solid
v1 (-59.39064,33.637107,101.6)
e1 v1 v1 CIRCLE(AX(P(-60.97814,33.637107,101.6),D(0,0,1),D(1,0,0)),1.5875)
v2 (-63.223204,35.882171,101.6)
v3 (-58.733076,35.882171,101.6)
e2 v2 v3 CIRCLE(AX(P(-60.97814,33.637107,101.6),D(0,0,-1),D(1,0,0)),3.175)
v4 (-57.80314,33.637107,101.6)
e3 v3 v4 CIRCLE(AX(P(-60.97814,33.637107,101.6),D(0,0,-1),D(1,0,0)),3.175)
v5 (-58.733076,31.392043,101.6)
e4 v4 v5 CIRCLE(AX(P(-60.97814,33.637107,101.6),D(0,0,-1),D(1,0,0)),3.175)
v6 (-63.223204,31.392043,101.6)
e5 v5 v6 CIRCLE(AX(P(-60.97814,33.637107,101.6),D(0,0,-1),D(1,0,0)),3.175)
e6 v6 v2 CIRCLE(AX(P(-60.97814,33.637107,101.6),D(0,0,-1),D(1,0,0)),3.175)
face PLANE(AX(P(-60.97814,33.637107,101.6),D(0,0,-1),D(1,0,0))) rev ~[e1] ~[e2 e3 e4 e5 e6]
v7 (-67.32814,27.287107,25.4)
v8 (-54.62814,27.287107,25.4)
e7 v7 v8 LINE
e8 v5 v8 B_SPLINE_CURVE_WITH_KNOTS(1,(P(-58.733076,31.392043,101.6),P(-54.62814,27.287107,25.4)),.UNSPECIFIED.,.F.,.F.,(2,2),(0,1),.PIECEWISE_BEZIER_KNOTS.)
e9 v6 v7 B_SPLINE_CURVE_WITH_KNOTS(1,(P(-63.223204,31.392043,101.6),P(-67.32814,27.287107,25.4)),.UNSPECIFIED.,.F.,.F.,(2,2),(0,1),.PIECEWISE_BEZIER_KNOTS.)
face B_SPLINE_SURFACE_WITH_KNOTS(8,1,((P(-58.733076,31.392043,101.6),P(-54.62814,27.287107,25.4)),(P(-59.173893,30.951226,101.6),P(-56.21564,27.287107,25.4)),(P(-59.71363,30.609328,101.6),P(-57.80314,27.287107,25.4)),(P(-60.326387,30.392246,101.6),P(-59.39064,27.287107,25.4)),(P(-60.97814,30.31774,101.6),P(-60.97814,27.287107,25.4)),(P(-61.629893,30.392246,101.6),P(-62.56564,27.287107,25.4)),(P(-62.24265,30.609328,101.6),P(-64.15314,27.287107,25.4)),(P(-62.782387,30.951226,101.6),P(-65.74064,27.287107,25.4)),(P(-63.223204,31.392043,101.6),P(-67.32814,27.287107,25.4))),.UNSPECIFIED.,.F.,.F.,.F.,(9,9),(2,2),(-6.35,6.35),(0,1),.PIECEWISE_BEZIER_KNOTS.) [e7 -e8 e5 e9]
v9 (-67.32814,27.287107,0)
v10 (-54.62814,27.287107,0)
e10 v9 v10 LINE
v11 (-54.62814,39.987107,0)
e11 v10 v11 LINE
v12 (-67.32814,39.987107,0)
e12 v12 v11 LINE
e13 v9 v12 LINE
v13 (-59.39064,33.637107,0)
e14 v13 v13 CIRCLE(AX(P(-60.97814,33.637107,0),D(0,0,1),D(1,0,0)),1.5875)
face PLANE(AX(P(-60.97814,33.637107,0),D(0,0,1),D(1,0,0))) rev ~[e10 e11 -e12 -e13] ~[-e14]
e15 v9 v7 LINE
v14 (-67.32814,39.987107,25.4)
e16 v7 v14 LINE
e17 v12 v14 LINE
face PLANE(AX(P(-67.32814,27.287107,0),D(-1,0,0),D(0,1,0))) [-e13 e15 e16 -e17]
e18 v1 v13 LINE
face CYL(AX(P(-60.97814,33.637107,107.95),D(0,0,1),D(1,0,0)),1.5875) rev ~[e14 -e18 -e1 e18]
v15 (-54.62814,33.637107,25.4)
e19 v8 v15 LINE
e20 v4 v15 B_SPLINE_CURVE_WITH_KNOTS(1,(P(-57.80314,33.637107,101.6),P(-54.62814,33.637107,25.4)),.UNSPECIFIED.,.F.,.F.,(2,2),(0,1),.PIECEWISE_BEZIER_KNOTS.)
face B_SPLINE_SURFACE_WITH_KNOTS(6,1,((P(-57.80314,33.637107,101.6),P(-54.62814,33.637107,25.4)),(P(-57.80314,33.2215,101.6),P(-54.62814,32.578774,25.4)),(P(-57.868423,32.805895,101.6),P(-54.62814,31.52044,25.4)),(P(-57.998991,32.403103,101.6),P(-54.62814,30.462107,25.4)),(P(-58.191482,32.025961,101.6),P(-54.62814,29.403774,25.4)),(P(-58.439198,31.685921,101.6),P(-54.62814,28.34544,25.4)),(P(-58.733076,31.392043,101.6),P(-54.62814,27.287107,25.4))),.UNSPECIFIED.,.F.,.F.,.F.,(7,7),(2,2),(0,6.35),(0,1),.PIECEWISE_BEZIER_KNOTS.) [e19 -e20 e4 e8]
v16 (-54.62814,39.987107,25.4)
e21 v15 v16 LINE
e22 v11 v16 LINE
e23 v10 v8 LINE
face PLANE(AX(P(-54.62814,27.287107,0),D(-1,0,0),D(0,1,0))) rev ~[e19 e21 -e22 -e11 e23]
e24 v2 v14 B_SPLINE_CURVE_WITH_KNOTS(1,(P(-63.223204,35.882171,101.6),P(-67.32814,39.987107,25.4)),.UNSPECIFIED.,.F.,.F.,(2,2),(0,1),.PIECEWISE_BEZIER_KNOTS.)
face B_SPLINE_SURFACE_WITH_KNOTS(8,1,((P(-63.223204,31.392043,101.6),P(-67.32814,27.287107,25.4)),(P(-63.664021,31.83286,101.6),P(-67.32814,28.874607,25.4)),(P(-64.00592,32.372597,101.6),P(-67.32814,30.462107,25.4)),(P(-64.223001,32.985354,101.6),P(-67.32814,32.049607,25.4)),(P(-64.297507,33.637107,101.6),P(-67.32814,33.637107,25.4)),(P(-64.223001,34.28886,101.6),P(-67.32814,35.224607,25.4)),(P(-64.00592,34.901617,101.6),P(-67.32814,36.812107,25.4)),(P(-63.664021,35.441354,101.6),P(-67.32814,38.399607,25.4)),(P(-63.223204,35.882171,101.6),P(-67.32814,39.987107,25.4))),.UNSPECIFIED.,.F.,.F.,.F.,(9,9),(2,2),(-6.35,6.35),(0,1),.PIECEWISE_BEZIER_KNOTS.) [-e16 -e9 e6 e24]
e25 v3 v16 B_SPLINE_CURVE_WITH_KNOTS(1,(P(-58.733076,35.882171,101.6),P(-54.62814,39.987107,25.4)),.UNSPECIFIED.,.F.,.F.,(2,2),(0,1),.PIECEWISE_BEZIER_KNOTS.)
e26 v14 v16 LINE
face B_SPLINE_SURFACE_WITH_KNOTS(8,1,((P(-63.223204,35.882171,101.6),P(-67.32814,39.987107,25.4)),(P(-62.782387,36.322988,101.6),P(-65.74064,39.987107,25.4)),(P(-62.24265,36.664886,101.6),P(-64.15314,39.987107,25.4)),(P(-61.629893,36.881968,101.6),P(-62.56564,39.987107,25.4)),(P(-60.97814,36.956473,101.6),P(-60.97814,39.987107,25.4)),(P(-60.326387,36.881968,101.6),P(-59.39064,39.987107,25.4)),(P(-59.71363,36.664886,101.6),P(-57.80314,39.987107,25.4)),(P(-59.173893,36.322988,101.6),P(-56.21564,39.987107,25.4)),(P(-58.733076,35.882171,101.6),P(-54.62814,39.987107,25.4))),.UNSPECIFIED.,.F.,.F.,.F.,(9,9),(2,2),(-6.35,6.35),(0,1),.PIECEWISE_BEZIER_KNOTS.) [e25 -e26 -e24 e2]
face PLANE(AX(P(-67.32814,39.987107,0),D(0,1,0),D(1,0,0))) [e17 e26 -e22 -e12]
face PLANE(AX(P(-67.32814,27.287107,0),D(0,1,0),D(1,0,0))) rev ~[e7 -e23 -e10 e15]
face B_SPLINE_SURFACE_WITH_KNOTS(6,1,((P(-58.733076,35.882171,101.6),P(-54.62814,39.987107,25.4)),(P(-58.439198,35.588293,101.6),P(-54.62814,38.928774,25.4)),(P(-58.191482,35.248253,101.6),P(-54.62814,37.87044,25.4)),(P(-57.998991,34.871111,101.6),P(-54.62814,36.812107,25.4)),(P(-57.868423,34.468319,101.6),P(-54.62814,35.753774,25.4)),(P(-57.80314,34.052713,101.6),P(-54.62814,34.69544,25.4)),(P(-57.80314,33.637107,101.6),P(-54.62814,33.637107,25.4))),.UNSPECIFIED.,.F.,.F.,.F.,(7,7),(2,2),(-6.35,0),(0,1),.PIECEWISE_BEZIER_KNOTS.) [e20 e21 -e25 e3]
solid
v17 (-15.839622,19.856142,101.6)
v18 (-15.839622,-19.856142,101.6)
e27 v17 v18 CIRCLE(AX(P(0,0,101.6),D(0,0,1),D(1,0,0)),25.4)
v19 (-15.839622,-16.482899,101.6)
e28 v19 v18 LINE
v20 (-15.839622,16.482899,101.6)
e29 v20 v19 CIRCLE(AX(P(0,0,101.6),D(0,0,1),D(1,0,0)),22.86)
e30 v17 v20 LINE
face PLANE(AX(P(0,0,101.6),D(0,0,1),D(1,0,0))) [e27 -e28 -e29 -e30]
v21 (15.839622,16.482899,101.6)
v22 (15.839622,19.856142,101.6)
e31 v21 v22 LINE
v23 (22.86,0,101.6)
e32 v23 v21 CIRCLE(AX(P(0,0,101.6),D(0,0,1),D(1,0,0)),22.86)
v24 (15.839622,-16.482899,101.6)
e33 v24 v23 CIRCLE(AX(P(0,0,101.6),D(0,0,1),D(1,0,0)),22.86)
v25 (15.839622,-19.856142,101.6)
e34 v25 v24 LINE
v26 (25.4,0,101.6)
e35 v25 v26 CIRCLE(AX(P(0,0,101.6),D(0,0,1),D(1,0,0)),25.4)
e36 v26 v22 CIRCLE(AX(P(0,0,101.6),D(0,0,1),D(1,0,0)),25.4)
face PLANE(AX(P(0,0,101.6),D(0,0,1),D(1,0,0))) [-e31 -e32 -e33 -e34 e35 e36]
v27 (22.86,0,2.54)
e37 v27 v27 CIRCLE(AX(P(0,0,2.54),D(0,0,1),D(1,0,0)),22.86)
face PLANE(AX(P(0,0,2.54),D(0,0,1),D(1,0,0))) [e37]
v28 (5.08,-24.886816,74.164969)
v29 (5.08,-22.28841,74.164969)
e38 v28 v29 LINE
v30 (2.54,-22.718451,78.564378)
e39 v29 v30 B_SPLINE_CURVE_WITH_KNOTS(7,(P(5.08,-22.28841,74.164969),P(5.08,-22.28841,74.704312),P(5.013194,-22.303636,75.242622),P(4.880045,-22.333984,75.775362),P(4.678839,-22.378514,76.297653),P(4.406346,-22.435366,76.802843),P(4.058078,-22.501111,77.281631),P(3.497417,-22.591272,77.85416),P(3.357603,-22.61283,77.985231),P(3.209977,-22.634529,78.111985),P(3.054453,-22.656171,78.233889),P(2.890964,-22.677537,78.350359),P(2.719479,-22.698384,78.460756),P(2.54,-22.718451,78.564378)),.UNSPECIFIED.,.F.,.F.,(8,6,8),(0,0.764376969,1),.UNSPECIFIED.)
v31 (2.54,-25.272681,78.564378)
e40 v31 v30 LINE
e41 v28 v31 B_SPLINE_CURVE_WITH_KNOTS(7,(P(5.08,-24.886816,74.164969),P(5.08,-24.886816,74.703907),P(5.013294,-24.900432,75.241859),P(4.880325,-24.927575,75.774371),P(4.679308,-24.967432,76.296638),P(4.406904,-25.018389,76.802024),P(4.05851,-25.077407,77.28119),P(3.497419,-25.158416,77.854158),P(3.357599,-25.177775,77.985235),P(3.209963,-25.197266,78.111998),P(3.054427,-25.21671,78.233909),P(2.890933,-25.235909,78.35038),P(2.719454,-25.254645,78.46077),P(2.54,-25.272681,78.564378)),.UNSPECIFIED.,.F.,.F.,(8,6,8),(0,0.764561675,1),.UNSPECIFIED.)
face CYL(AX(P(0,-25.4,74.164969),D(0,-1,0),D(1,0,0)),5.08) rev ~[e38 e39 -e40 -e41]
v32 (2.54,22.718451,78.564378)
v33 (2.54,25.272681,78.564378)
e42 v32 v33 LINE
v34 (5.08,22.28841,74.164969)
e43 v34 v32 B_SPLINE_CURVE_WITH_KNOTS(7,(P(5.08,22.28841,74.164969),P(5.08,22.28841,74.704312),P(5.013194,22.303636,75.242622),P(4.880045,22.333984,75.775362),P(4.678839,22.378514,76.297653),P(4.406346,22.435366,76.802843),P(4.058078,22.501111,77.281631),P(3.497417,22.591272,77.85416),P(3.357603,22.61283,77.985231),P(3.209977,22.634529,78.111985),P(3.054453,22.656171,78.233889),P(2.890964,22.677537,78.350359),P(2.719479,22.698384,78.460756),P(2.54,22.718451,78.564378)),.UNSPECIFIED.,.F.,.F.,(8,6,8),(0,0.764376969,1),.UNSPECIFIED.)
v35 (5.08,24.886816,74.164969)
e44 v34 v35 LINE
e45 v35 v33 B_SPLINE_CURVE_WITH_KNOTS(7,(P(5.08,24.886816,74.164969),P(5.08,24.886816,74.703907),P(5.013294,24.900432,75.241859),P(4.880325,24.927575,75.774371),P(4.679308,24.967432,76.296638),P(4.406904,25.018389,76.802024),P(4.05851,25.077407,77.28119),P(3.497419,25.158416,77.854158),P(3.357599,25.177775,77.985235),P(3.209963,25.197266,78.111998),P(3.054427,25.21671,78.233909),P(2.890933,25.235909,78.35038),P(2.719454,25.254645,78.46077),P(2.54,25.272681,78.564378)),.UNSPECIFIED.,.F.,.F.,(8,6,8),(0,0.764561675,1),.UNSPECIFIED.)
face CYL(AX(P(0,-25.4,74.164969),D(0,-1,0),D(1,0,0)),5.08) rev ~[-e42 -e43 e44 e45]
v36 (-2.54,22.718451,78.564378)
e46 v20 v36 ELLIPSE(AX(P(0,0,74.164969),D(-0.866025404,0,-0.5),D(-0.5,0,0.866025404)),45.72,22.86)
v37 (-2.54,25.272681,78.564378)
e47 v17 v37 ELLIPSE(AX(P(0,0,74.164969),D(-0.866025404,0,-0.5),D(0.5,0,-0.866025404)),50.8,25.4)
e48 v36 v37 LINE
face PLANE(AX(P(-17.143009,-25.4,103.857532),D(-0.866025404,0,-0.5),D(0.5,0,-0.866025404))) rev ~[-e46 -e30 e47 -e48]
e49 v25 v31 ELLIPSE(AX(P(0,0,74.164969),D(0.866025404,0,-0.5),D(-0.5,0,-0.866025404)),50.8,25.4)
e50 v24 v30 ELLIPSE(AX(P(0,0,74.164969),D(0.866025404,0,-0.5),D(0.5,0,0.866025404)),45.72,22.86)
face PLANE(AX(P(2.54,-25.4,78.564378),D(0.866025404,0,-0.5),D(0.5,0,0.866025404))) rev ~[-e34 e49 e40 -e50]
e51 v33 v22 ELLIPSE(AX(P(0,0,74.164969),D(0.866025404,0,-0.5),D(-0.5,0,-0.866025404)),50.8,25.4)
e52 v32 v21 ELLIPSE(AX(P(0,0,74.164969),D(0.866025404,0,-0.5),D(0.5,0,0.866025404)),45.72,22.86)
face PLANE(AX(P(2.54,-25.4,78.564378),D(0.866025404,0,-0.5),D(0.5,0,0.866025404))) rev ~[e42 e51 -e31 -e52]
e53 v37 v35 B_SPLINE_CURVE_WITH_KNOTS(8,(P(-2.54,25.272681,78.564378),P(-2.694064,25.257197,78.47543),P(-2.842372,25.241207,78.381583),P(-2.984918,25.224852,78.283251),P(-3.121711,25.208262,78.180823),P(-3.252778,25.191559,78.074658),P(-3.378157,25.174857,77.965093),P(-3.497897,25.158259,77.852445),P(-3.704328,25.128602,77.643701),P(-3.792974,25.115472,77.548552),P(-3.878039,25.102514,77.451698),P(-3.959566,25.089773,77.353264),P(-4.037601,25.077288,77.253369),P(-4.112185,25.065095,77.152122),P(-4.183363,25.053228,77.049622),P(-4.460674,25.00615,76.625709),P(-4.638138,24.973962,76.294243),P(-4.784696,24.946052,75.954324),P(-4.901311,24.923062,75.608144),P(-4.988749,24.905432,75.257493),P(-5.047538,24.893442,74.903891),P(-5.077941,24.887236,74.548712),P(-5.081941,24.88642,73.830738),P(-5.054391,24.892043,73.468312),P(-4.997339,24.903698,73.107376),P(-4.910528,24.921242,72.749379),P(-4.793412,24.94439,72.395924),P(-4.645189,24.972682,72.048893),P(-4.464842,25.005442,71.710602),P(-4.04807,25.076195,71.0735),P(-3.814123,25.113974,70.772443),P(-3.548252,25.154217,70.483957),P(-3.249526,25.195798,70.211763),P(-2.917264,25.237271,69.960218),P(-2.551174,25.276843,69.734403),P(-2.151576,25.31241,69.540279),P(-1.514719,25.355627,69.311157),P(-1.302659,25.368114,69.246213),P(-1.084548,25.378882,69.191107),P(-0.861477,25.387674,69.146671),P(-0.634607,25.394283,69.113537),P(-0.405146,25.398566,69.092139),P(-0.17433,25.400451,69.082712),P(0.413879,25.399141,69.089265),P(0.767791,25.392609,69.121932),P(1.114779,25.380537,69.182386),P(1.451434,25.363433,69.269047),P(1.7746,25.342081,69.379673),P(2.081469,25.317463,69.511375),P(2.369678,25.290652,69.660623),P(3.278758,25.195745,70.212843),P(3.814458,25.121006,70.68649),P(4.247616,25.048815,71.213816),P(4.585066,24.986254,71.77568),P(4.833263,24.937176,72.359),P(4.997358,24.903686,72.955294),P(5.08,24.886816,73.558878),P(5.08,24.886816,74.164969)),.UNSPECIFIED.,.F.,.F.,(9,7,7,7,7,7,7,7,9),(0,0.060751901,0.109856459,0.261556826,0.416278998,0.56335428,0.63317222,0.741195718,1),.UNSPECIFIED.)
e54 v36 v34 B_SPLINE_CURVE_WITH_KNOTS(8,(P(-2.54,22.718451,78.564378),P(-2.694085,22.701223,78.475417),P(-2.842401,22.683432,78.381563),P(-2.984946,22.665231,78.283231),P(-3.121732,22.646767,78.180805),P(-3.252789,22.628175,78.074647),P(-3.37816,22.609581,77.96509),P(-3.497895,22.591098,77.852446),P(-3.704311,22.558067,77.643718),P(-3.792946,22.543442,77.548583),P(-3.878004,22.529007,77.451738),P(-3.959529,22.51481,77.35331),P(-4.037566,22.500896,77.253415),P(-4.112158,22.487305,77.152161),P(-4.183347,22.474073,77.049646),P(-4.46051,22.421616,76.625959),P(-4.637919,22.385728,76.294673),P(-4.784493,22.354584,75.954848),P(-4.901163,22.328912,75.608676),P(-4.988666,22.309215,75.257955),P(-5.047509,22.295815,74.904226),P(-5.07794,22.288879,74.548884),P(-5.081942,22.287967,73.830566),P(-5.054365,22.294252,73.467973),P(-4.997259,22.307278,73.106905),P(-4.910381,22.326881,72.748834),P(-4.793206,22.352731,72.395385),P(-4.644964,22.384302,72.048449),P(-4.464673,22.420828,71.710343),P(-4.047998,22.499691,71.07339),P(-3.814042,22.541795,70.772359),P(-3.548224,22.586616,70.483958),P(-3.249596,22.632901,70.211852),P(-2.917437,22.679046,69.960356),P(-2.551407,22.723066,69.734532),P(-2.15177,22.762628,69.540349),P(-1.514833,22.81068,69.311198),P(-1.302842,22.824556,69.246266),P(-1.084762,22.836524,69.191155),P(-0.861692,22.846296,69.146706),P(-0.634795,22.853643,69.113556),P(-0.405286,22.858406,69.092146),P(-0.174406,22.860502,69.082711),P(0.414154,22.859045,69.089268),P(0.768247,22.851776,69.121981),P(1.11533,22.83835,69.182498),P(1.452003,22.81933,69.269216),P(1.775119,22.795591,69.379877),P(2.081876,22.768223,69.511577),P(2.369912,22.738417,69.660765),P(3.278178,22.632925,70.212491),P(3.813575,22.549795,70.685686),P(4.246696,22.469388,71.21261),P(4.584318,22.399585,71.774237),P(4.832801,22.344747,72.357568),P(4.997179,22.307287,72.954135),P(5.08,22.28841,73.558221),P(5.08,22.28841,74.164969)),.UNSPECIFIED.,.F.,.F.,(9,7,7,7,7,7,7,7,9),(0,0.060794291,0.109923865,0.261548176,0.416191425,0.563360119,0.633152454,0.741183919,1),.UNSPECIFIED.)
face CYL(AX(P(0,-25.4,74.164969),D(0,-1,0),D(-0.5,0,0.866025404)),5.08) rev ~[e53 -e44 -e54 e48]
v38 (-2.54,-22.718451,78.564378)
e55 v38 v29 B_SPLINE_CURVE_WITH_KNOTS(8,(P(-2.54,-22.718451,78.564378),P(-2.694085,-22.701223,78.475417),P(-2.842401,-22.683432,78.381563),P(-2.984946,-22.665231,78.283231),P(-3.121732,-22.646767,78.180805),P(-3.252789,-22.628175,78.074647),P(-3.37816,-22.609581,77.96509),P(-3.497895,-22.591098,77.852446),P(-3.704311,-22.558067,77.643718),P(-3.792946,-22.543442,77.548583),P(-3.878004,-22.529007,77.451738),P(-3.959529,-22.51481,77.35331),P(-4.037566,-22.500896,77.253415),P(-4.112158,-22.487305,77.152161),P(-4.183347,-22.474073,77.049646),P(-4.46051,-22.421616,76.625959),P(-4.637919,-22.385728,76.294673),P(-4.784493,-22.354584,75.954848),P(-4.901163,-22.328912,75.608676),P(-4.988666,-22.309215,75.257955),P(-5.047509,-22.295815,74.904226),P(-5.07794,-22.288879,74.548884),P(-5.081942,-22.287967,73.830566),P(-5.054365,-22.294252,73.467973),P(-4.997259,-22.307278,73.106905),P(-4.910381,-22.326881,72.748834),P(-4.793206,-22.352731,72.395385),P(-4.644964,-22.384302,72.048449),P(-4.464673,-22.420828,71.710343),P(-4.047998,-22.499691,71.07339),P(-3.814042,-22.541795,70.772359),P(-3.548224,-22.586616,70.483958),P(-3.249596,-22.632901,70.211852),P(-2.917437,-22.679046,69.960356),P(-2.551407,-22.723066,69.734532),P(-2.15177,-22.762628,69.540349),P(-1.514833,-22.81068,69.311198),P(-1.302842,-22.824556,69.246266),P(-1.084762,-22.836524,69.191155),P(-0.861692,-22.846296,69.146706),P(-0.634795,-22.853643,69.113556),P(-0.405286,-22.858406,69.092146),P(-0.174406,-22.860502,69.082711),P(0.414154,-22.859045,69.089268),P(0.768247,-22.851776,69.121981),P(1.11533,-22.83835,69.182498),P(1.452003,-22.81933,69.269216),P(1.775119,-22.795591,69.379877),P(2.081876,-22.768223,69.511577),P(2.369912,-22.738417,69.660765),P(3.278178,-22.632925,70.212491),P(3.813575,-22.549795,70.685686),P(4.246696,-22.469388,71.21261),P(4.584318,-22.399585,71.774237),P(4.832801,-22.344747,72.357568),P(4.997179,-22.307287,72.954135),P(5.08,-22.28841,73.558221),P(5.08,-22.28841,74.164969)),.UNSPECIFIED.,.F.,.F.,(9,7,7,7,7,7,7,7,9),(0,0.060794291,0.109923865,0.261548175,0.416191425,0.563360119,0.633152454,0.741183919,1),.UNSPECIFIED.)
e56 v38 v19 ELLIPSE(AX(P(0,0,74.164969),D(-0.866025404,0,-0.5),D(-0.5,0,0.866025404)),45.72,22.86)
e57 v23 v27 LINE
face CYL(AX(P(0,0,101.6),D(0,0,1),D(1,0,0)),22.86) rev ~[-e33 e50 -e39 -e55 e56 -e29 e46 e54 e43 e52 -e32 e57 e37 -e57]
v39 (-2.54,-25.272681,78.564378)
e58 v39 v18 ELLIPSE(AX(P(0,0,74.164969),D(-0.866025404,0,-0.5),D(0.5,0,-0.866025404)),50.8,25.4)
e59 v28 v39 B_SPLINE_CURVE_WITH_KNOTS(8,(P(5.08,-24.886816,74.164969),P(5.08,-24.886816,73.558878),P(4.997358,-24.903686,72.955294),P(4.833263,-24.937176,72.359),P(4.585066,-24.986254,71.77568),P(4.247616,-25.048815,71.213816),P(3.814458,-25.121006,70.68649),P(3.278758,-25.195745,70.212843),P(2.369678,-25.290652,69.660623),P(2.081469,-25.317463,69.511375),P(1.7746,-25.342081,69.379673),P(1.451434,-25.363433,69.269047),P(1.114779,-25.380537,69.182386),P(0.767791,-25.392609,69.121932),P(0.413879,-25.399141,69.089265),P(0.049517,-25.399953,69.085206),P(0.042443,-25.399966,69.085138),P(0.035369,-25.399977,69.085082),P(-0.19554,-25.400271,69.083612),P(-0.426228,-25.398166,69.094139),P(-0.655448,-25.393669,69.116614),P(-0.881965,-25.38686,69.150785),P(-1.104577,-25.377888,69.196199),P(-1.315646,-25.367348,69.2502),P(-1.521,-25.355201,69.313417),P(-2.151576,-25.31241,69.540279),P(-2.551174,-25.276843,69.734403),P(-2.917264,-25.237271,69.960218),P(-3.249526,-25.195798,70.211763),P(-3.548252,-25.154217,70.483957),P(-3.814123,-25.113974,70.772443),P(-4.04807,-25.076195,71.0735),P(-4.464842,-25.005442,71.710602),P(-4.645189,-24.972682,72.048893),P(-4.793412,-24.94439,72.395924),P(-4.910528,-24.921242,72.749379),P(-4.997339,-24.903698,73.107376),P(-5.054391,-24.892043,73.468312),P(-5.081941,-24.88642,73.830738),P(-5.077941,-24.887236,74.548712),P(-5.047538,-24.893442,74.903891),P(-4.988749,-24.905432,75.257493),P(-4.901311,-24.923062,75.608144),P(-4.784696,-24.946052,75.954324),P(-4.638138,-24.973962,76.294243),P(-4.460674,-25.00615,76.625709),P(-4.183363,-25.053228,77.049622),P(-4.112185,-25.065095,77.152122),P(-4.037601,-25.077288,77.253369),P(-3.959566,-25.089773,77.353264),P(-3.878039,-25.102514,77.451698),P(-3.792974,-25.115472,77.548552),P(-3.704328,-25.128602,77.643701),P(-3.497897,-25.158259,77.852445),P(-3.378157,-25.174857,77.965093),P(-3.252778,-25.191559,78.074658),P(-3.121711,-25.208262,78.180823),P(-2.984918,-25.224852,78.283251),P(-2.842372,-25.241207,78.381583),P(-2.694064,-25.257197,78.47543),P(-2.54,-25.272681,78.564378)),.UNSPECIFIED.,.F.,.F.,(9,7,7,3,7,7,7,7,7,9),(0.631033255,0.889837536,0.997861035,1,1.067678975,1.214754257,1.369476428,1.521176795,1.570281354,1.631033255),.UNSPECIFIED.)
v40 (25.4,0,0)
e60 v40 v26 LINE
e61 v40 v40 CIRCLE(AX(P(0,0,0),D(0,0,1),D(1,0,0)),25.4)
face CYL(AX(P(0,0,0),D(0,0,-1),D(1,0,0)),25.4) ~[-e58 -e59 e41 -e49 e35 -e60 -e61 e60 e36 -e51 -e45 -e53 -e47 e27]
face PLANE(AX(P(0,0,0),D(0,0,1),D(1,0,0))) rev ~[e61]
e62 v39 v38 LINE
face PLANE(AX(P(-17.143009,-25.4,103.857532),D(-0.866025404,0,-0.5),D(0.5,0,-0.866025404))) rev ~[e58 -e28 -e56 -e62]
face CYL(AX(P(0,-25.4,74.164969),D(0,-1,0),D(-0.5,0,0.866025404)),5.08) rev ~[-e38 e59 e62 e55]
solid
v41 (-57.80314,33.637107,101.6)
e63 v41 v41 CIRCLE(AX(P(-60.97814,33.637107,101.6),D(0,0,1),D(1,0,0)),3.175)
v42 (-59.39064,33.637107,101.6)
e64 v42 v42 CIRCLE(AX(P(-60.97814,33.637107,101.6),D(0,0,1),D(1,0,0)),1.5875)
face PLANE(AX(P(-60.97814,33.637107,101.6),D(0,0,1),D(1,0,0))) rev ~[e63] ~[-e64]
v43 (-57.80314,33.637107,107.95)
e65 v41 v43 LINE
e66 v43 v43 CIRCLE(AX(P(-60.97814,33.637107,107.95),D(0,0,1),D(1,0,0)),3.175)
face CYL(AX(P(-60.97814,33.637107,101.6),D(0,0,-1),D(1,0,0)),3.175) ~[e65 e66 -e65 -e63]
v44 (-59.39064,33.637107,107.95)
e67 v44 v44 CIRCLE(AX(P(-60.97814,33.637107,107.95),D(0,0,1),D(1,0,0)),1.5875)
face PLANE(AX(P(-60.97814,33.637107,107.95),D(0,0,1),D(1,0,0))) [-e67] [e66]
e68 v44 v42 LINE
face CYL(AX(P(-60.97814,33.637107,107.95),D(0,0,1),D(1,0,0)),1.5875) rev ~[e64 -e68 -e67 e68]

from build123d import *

# Parameters (mm, degrees)
F0_R      = 25.4
F1_DEPTH  = 101.6
F2_R      = 22.86
F3_DEPTH  = 99.06
F6_DEPTH  = 50.8
F0_W      = 12.7
F0_H      = 12.7
F7_DEPTH  = 25.4
F8_R      = 3.175
F9_DEPTH  = 6.35
F9_FACE_R = 3.175
F7_FACE_W = 12.7
F7_FACE_H = 12.7
F11_R     = 1.5875
F12_DEPTH = 130.048


with BuildPart() as f1:
    # F0 (on Top) → F1 (new body)
    with BuildSketch(Plane.XY):
        Circle(F0_R)
    extrude(amount=F1_DEPTH)

    # F2 (on face) → F3 (cut)
    with BuildSketch(Plane.XY.offset(101.6)):
        Circle(F2_R)
    extrude(amount=-F3_DEPTH, mode=Mode.SUBTRACT)

    # F5 (on offset) → F6 (cut)
    with BuildSketch(Plane.XZ.offset(25.4)):
        with BuildLine():
            Line((17.1430092305, 103.8575321436), (-17.1430092305, 103.8575321436))
            Line((-17.1430092305, 103.8575321436), (-2.54, 78.564378213))
            ThreePointArc((-2.54, 78.564378213), (0, 79.2449691618), (2.54, 78.564378213))
            Line((2.54, 78.564378213), (17.1430092305, 103.8575321436))
        make_face()
        with BuildLine():
            ThreePointArc((2.54, 78.564378213), (0, 79.2449691618), (-2.54, 78.564378213))
            Line((-2.54, 78.564378213), (0, 74.1649691618))
            Line((0, 74.1649691618), (2.54, 78.564378213))
        make_face()
        with BuildLine():
            Line((0, 74.1649691618), (-2.54, 78.564378213))
            ThreePointArc((-2.54, 78.564378213), (-2.54, 69.7655601105), (5.08, 74.1649691618))
            ThreePointArc((5.08, 74.1649691618), (4.3994090512, 76.7049691618), (2.54, 78.564378213))
            Line((2.54, 78.564378213), (0, 74.1649691618))
        make_face()
    extrude(amount=-F6_DEPTH, mode=Mode.SUBTRACT)


with BuildPart() as f7:
    # F0 (on Top) → F7 (new body)
    with BuildSketch(Plane.XY):
        with Locations((-60.9781401396, 33.637106961)):
            Rectangle(F0_W, F0_H)
    extrude(amount=F7_DEPTH)

    # F9_face (on face) → F10 section 0
    with BuildSketch(Plane(origin=(-60.9781401396, 33.637106961, 101.6), x_dir=(1, 0, 0), z_dir=(0, 0, -1))):
        Circle(F9_FACE_R)
    # F7_face (on face) → F10 section 1
    with BuildSketch(Plane(origin=(-60.9781401396, 33.637106961, 25.4), x_dir=(1, 0, 0), z_dir=(0, 0, 1))):
        Rectangle(F7_FACE_W, F7_FACE_H)
    loft()


with BuildPart() as f9:
    # F8 (on face) → F9 (new body)
    with BuildSketch(Plane.XY.offset(101.6)):
        with Locations((-60.9781401396, 33.637106961)):
            Circle(F8_R)
    extrude(amount=F9_DEPTH)


with BuildPart() as f12_tool:
    # F11 (on face) → F12 (new body)
    with BuildSketch(Plane.XY.offset(107.95)):
        with Locations((-60.9781401396, 33.637106961)):
            Circle(F11_R)
    extrude(amount=-F12_DEPTH)


with BuildPart() as f7_1:
    add(f7.part)

    # F12: cut by f12_tool
    add(f12_tool.part, mode=Mode.SUBTRACT)


with BuildPart() as f9_1:
    add(f9.part)

    # F12: cut by f12_tool
    add(f12_tool.part, mode=Mode.SUBTRACT)


solid = Compound([f1.part, f7_1.part, f9_1.part])
